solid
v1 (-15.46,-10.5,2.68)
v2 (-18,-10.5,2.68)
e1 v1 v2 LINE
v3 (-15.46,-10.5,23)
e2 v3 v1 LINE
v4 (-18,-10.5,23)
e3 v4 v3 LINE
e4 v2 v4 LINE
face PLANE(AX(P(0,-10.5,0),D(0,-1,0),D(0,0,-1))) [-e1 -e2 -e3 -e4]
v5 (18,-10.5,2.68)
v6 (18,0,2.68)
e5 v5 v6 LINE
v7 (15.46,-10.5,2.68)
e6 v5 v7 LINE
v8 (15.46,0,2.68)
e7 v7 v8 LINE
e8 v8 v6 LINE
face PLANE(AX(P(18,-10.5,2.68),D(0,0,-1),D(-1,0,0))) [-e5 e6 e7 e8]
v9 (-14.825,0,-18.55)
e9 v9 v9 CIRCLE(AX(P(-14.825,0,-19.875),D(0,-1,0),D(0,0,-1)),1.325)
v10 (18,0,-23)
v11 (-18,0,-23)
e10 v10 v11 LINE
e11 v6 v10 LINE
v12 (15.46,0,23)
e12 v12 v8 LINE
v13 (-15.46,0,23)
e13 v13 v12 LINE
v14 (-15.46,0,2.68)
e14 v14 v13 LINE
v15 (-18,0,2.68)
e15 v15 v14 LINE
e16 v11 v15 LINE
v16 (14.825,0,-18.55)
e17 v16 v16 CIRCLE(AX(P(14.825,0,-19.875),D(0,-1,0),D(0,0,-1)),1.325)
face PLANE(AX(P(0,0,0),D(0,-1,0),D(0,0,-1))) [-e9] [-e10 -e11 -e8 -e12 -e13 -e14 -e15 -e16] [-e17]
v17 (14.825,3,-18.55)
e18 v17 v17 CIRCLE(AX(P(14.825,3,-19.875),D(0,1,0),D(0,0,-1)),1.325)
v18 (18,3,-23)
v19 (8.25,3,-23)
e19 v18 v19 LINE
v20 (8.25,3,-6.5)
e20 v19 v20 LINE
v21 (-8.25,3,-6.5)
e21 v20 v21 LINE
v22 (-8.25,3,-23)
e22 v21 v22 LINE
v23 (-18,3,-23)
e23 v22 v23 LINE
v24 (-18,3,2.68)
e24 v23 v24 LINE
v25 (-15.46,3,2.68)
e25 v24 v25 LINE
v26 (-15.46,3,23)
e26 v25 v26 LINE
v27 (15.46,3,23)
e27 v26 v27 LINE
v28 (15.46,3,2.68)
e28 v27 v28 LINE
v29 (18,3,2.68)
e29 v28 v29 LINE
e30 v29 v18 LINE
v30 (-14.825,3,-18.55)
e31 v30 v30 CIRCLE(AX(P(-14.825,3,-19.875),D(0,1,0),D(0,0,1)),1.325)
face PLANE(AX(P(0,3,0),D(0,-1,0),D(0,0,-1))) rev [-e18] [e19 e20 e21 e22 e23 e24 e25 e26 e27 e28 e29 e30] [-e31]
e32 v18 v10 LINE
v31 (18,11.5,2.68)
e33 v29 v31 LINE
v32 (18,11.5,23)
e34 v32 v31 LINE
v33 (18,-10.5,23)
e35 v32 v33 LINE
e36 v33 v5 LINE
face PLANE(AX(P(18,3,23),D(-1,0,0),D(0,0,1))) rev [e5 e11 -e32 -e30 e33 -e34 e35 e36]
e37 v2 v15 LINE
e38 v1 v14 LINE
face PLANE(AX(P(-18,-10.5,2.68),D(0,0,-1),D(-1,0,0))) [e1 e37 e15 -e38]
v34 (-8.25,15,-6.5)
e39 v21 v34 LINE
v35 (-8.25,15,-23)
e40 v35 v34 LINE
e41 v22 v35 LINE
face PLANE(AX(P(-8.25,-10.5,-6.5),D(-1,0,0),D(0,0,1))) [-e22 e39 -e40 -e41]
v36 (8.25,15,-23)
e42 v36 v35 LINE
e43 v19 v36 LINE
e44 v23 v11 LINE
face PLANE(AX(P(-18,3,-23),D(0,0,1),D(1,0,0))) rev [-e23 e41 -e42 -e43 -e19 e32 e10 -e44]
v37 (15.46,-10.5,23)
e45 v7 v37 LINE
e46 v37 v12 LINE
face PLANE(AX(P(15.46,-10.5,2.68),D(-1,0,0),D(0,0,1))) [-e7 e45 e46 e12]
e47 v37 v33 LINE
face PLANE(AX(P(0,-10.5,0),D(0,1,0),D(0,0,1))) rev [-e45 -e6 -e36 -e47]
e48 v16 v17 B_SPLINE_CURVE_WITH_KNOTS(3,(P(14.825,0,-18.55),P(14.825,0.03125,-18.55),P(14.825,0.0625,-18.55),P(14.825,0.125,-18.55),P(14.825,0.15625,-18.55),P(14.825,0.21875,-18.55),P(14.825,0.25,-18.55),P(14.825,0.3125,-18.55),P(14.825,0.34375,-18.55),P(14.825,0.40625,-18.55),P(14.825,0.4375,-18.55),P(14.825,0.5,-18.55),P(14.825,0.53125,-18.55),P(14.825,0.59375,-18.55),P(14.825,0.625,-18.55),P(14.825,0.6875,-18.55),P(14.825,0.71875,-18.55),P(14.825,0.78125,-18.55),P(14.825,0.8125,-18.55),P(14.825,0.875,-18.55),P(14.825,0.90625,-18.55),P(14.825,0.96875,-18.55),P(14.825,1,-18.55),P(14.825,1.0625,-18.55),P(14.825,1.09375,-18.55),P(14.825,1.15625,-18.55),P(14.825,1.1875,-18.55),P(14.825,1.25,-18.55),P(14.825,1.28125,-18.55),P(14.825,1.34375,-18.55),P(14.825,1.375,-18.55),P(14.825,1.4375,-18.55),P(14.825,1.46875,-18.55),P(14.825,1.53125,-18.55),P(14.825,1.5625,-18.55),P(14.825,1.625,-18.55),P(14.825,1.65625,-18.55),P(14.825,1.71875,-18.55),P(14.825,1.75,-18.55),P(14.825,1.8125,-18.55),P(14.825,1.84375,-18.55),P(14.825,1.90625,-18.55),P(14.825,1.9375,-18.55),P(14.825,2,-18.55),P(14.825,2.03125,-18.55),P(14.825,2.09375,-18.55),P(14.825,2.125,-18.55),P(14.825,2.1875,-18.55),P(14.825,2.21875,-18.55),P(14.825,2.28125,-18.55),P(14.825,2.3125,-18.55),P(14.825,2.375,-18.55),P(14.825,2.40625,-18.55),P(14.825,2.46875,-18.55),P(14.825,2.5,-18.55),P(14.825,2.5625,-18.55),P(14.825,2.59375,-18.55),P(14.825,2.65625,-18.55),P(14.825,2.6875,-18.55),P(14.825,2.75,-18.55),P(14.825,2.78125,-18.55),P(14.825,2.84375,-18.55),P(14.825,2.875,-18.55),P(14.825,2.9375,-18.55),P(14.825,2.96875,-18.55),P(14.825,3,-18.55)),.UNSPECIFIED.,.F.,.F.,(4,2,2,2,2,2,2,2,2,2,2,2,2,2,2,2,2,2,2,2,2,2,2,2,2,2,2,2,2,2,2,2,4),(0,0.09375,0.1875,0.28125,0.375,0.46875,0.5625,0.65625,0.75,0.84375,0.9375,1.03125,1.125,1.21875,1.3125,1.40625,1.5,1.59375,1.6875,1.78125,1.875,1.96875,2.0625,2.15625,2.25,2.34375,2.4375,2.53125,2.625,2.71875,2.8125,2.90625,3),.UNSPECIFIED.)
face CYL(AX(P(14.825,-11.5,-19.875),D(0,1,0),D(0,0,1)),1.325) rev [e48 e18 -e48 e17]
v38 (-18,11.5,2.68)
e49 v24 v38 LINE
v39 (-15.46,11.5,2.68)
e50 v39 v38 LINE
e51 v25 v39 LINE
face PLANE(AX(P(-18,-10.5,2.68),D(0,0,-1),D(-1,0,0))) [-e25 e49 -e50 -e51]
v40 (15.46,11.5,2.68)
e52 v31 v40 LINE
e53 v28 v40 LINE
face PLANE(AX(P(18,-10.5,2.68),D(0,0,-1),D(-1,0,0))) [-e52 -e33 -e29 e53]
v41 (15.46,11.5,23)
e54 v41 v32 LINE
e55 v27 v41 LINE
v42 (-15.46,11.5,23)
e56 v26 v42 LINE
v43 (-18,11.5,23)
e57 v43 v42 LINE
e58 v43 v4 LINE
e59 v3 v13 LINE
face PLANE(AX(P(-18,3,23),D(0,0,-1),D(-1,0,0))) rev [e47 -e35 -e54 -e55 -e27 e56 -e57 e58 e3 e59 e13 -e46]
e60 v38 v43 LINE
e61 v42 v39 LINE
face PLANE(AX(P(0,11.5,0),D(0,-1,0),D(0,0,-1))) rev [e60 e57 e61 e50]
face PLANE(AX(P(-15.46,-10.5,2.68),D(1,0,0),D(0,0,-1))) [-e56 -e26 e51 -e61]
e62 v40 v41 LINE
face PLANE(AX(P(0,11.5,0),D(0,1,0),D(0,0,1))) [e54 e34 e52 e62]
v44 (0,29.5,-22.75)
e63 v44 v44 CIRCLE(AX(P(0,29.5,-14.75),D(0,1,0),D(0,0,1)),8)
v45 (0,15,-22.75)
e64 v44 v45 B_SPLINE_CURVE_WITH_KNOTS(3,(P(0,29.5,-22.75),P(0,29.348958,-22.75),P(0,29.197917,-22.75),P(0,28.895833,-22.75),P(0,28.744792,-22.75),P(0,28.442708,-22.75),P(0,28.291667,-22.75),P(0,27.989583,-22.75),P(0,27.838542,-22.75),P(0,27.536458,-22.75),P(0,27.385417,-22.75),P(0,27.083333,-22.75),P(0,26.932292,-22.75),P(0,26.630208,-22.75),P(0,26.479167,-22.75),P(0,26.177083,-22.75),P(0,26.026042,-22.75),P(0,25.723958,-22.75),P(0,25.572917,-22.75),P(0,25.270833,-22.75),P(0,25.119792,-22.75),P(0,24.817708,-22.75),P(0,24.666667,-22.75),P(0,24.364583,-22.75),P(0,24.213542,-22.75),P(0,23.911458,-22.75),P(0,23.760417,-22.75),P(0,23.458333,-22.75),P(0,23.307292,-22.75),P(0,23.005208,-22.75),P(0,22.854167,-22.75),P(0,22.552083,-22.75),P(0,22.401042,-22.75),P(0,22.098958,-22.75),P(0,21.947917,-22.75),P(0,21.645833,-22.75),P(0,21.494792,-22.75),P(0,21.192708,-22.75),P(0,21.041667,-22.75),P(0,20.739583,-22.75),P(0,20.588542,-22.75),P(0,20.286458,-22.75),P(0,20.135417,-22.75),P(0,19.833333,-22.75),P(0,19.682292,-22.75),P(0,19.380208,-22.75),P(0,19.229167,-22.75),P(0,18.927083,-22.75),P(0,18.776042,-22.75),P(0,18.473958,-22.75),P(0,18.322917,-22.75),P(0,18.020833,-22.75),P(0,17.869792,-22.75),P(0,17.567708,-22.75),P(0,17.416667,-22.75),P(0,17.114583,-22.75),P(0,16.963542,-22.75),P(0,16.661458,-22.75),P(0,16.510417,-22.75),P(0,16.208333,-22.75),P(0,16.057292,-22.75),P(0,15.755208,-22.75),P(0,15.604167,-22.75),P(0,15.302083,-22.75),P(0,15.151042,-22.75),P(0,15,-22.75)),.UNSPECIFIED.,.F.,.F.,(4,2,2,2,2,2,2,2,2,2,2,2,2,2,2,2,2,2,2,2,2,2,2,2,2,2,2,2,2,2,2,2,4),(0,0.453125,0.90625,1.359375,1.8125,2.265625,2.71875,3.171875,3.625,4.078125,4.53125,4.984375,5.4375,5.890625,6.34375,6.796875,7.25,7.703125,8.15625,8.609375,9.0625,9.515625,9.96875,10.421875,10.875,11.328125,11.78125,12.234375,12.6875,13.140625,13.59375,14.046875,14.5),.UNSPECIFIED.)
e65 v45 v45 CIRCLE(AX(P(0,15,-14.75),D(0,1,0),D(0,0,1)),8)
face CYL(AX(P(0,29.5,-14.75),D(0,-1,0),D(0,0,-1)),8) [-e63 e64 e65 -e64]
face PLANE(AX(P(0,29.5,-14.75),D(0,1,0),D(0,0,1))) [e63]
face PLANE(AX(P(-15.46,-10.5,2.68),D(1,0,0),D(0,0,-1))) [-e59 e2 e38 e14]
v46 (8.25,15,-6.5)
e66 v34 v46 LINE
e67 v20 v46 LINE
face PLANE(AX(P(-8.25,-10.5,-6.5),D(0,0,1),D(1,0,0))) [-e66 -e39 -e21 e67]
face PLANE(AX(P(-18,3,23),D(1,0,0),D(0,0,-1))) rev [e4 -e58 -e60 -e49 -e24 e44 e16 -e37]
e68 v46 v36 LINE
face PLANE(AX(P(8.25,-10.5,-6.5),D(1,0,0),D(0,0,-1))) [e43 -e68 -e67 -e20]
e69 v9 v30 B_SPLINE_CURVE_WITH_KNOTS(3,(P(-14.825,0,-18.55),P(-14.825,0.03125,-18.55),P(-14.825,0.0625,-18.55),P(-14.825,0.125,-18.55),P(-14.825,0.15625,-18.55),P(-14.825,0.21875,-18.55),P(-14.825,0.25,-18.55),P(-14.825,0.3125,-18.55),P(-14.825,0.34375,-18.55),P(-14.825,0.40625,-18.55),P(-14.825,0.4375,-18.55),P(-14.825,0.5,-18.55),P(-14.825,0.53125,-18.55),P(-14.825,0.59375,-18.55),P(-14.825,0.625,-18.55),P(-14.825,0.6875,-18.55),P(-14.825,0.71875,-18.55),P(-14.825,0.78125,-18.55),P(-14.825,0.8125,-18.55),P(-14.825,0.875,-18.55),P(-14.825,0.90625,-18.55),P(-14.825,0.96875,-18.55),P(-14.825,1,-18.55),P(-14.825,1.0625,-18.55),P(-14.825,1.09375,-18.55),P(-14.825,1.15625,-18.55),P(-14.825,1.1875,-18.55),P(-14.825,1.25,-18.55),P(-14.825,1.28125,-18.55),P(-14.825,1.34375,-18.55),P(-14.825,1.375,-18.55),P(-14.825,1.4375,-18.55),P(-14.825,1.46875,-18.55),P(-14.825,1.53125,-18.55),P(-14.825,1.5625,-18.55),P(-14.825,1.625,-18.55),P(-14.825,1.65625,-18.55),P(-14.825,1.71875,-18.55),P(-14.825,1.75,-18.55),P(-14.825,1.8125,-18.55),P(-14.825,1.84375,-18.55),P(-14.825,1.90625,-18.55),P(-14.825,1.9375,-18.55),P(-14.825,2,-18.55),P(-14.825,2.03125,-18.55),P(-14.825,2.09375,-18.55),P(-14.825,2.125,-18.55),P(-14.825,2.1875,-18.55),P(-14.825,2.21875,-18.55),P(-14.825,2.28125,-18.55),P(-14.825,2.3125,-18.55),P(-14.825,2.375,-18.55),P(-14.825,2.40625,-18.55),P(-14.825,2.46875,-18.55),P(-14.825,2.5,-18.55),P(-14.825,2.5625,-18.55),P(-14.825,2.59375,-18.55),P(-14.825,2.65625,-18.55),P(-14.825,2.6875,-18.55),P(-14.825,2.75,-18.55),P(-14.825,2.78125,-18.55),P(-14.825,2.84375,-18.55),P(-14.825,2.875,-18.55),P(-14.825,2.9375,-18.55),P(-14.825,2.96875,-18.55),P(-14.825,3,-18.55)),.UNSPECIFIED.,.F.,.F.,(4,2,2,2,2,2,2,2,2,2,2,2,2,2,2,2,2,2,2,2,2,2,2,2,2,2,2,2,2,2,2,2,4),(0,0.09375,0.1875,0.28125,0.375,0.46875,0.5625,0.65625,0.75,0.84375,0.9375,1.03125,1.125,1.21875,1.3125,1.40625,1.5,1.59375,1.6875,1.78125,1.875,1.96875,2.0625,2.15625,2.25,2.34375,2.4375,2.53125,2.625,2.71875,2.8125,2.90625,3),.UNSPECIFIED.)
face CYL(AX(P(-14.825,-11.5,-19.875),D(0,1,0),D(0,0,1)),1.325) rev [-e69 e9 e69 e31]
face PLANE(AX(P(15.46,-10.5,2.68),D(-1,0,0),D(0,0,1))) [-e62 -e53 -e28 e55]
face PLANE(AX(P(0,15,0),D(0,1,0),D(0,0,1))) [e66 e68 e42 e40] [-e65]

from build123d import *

# Parameters (mm, degrees)
SKETCH_1_W           = 36
SKETCH_1_H           = 46
EXTRUDE_1_DEPTH      = 3
EXTRUDE_2_DEPTH      = 8.5
EXTRUDE_2_DEPTH_BACK = 13.5
SKETCH_2_W           = 2.54
SKETCH_2_H           = 20.32
SKETCH_2_W_2         = 16.5
SKETCH_2_H_2         = 16.5
SKETCH_3_W           = 16.5
SKETCH_3_H           = 16.5
EXTRUDE_3_DEPTH      = 3.5
SKETCH_4_R           = 8
EXTRUDE_4_DEPTH      = 14.5
SKETCH_5_R           = 1.325
CUT_EXTRUDE_1_DEPTH  = 14.5
SKETCH_7_W           = 16.5
SKETCH_7_H           = 10.5
CUT_EXTRUDE_2_DEPTH  = 31.5


with BuildPart() as part:
    # 草图1 → 凸台-拉伸1 (new body)
    with BuildSketch(Plane(origin=(0, 0, 0), x_dir=(1, 0, 0), z_dir=(0, 1, 0))):
        Rectangle(SKETCH_1_W, SKETCH_1_H)
    extrude(amount=EXTRUDE_1_DEPTH)

    # 草图2 → 凸台-拉伸2 (add, two sides: drawn at the far end of the back side and taken through both)
    with BuildSketch(Plane(origin=(0, 3, 0), x_dir=(1, 0, 0), z_dir=(0, 1, 0)).offset(-EXTRUDE_2_DEPTH_BACK)):
        with Locations((16.73, -12.84)):
            Rectangle(SKETCH_2_W, SKETCH_2_H)
        with Locations((-16.73, -12.84)):
            Rectangle(SKETCH_2_W, SKETCH_2_H)
        with Locations((0, 14.75)):
            Rectangle(SKETCH_2_W_2, SKETCH_2_H_2)
    extrude(amount=EXTRUDE_2_DEPTH + EXTRUDE_2_DEPTH_BACK)

    # 草图3 → 凸台-拉伸3 (add)
    with BuildSketch(Plane(origin=(0, 11.5, 0), x_dir=(1, 0, 0), z_dir=(0, 1, 0))):
        with Locations((0, 14.75)):
            Rectangle(SKETCH_3_W, SKETCH_3_H)
    extrude(amount=EXTRUDE_3_DEPTH)

    # 草图4 → 凸台-拉伸4 (add)
    with BuildSketch(Plane(origin=(0, 15, 0), x_dir=(1, 0, 0), z_dir=(0, 1, 0))):
        with Locations(Location((0, 14.75, 0), (0, 0, 90))):
            Circle(SKETCH_4_R)
    extrude(amount=EXTRUDE_4_DEPTH)

    # 草图5 → 切除-拉伸1 (cut)
    with BuildSketch(Plane(origin=(0, 3, 0), x_dir=(1, 0, 0), z_dir=(0, 1, 0))):
        with Locations(Location((-14.825, 19.875, 0), (0, 0, 270))):
            Circle(SKETCH_5_R)
        with Locations(Location((14.825, 19.875, 0), (0, 0, 270))):
            Circle(SKETCH_5_R)
    extrude(amount=-CUT_EXTRUDE_1_DEPTH, mode=Mode.SUBTRACT)

    # 草图7 → 切除-拉伸2 (cut)
    with BuildSketch(Plane.ZY.offset(8.25)):
        with Locations((-14.75, -5.25)):
            Rectangle(SKETCH_7_W, SKETCH_7_H)
    extrude(amount=-CUT_EXTRUDE_2_DEPTH, mode=Mode.SUBTRACT)


solid = part.part
